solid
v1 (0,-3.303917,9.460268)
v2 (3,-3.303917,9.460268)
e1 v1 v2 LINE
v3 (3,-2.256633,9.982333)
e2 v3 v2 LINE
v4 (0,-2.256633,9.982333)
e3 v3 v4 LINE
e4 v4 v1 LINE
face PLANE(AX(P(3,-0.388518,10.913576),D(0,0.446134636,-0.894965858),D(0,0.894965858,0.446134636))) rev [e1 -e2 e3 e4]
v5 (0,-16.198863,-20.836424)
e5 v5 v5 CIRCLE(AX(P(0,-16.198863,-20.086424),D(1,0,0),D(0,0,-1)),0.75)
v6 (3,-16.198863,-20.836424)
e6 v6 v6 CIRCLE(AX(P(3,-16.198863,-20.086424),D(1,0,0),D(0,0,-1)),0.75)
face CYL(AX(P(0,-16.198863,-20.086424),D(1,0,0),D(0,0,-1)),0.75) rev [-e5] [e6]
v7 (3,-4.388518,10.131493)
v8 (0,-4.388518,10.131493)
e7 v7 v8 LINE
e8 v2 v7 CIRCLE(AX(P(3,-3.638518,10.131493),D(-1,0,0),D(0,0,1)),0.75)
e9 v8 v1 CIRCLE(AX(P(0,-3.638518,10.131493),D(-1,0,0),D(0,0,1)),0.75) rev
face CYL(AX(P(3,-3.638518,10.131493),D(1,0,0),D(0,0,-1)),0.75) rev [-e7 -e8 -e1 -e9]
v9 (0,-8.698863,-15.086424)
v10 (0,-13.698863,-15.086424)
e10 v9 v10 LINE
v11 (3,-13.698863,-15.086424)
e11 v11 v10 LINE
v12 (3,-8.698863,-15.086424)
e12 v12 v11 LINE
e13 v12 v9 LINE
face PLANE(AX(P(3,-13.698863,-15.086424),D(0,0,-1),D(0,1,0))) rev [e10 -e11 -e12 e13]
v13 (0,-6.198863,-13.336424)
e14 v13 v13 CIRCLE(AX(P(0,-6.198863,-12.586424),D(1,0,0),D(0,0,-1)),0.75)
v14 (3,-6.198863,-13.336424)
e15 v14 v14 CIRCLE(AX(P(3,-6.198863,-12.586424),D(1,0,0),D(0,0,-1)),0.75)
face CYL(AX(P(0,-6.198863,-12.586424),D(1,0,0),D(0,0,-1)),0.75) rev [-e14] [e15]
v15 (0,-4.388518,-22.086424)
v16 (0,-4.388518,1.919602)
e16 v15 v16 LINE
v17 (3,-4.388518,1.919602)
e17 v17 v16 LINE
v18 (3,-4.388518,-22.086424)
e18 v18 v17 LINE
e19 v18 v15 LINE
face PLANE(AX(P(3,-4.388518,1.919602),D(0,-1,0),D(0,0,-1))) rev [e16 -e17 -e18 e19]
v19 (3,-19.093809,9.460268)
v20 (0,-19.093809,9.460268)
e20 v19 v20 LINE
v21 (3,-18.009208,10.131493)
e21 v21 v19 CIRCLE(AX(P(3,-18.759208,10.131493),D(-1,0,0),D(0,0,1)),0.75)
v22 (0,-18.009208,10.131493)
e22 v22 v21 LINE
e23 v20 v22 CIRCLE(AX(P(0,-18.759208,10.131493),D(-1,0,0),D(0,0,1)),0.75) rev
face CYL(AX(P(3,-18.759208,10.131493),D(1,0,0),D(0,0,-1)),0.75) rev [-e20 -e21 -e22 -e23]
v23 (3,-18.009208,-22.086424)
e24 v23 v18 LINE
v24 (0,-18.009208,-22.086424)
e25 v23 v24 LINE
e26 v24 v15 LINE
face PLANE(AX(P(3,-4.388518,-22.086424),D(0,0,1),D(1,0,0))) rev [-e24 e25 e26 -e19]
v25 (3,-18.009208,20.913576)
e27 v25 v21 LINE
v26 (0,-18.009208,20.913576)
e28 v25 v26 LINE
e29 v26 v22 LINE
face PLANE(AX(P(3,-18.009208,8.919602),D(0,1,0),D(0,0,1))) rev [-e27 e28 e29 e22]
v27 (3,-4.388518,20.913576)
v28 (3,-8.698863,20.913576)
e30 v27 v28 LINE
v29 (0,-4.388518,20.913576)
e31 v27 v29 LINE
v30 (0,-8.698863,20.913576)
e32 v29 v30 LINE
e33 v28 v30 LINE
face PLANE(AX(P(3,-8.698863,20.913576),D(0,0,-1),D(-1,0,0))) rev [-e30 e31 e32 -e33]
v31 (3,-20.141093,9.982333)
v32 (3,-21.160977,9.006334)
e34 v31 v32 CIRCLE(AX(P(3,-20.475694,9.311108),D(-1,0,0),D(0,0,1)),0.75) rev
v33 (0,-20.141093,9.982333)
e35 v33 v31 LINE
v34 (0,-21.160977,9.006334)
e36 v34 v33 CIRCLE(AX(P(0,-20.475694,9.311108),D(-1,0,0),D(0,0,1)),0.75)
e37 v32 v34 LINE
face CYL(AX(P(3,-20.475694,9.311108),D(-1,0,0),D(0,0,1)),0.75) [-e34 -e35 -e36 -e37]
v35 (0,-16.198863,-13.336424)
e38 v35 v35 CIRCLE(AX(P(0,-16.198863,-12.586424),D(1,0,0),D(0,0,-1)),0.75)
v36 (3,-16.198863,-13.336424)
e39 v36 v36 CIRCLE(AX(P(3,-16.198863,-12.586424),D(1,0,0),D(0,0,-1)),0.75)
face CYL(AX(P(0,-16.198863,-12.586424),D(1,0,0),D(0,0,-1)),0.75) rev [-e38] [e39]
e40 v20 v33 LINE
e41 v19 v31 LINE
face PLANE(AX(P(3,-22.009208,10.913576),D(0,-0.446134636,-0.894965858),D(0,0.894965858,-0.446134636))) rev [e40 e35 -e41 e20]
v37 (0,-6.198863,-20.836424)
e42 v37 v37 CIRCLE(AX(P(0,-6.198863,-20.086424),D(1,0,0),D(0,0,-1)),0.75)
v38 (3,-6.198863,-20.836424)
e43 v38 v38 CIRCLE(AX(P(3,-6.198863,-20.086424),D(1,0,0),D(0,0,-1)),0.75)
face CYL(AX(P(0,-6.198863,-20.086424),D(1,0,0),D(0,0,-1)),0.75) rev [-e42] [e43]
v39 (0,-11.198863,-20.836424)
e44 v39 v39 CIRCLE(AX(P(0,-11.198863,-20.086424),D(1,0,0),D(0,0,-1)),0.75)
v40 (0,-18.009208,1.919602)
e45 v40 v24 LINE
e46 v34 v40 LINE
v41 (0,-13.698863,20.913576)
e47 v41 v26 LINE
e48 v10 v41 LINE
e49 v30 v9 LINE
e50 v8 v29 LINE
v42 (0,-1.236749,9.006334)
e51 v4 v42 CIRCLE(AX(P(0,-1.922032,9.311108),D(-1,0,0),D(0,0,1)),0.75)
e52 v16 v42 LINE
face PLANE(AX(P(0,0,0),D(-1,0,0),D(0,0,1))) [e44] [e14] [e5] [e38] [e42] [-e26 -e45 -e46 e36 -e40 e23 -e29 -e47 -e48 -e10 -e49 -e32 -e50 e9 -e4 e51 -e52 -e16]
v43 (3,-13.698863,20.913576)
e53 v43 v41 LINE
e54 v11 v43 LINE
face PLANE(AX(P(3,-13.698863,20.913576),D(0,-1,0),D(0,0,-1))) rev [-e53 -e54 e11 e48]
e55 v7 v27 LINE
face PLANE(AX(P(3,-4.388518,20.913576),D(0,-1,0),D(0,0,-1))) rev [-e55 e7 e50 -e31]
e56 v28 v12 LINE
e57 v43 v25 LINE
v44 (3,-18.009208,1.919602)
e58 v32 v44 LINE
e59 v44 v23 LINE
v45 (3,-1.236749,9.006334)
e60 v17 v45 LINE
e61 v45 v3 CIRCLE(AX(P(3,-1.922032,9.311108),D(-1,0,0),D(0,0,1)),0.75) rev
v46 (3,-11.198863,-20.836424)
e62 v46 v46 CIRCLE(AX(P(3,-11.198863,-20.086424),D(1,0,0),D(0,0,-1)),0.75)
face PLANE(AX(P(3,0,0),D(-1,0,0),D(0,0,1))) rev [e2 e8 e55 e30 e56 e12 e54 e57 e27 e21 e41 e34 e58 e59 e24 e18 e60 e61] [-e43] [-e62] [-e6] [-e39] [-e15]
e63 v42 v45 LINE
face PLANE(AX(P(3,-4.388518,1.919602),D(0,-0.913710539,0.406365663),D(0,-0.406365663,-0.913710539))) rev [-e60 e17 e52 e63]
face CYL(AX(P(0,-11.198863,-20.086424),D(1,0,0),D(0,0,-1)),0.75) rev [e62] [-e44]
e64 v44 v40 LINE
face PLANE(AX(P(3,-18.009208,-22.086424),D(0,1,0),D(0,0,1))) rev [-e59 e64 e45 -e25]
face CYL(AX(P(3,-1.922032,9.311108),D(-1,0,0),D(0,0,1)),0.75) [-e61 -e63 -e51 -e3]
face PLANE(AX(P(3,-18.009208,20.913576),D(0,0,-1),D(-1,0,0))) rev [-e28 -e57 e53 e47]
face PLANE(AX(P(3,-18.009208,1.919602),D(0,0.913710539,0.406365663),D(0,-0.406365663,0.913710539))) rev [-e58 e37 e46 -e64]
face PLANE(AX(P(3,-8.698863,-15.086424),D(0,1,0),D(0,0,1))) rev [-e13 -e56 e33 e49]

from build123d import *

# Parameters (mm, degrees)
BOSS_EXTRUDE1_DEPTH = 3
FILLET1_R           = 0.75
SKETCH3_R           = 0.75
CUT_EXTRUDE1_DEPTH  = 4


with BuildPart() as part:
    # Sketch2 → Boss-Extrude1 (new body)
    with BuildSketch(Plane(origin=(0, 0, 0), x_dir=(0, 0, -1), z_dir=(1, 0, 0))):
        Polygon((-20.913575794, -4.388518255), (-8.919601915, -4.388518255), (-10.913575794, -0.388518255), (-1.919601915, -4.388518255), (22.086424206, -4.388518255), (22.086424206, -18.00920791), (-1.919601915, -18.00920791), (-10.913575794, -22.00920791), (-8.919601915, -18.00920791), (-20.913575794, -18.00920791), (-20.913575794, -13.698863083), (15.086424206, -13.698863083), (15.086424206, -8.698863083), (-20.913575794, -8.698863083), align=None)
    extrude(amount=BOSS_EXTRUDE1_DEPTH)

    # Fillet1
    fillet1_edges = [part.edges().sort_by_distance(p)[0] for p in [
        (1.5, -4.388518255, 8.919601915),
        (1.5, -0.388518255, 10.913575794),
        (1.5, -22.00920791, 10.913575794),
        (1.5, -18.00920791, 8.919601915),
    ]]
    fillet(fillet1_edges, radius=FILLET1_R)

    # Sketch3 → Cut-Extrude1 (cut, through all)
    with BuildSketch(Plane(origin=(3, 0, 0), x_dir=(0, 0, -1), z_dir=(1, 0, 0))):
        with Locations((20.086424206, -6.198863083)):
            Circle(SKETCH3_R)
        with Locations((20.086424206, -16.198863083)):
            Circle(SKETCH3_R)
        with Locations((20.086424206, -11.198863083)):
            Circle(SKETCH3_R)
        with Locations((12.586424206, -6.198863083)):
            Circle(SKETCH3_R)
        with Locations((12.586424206, -16.198863083)):
            Circle(SKETCH3_R)
    extrude(amount=-CUT_EXTRUDE1_DEPTH, mode=Mode.SUBTRACT)


solid = part.part
